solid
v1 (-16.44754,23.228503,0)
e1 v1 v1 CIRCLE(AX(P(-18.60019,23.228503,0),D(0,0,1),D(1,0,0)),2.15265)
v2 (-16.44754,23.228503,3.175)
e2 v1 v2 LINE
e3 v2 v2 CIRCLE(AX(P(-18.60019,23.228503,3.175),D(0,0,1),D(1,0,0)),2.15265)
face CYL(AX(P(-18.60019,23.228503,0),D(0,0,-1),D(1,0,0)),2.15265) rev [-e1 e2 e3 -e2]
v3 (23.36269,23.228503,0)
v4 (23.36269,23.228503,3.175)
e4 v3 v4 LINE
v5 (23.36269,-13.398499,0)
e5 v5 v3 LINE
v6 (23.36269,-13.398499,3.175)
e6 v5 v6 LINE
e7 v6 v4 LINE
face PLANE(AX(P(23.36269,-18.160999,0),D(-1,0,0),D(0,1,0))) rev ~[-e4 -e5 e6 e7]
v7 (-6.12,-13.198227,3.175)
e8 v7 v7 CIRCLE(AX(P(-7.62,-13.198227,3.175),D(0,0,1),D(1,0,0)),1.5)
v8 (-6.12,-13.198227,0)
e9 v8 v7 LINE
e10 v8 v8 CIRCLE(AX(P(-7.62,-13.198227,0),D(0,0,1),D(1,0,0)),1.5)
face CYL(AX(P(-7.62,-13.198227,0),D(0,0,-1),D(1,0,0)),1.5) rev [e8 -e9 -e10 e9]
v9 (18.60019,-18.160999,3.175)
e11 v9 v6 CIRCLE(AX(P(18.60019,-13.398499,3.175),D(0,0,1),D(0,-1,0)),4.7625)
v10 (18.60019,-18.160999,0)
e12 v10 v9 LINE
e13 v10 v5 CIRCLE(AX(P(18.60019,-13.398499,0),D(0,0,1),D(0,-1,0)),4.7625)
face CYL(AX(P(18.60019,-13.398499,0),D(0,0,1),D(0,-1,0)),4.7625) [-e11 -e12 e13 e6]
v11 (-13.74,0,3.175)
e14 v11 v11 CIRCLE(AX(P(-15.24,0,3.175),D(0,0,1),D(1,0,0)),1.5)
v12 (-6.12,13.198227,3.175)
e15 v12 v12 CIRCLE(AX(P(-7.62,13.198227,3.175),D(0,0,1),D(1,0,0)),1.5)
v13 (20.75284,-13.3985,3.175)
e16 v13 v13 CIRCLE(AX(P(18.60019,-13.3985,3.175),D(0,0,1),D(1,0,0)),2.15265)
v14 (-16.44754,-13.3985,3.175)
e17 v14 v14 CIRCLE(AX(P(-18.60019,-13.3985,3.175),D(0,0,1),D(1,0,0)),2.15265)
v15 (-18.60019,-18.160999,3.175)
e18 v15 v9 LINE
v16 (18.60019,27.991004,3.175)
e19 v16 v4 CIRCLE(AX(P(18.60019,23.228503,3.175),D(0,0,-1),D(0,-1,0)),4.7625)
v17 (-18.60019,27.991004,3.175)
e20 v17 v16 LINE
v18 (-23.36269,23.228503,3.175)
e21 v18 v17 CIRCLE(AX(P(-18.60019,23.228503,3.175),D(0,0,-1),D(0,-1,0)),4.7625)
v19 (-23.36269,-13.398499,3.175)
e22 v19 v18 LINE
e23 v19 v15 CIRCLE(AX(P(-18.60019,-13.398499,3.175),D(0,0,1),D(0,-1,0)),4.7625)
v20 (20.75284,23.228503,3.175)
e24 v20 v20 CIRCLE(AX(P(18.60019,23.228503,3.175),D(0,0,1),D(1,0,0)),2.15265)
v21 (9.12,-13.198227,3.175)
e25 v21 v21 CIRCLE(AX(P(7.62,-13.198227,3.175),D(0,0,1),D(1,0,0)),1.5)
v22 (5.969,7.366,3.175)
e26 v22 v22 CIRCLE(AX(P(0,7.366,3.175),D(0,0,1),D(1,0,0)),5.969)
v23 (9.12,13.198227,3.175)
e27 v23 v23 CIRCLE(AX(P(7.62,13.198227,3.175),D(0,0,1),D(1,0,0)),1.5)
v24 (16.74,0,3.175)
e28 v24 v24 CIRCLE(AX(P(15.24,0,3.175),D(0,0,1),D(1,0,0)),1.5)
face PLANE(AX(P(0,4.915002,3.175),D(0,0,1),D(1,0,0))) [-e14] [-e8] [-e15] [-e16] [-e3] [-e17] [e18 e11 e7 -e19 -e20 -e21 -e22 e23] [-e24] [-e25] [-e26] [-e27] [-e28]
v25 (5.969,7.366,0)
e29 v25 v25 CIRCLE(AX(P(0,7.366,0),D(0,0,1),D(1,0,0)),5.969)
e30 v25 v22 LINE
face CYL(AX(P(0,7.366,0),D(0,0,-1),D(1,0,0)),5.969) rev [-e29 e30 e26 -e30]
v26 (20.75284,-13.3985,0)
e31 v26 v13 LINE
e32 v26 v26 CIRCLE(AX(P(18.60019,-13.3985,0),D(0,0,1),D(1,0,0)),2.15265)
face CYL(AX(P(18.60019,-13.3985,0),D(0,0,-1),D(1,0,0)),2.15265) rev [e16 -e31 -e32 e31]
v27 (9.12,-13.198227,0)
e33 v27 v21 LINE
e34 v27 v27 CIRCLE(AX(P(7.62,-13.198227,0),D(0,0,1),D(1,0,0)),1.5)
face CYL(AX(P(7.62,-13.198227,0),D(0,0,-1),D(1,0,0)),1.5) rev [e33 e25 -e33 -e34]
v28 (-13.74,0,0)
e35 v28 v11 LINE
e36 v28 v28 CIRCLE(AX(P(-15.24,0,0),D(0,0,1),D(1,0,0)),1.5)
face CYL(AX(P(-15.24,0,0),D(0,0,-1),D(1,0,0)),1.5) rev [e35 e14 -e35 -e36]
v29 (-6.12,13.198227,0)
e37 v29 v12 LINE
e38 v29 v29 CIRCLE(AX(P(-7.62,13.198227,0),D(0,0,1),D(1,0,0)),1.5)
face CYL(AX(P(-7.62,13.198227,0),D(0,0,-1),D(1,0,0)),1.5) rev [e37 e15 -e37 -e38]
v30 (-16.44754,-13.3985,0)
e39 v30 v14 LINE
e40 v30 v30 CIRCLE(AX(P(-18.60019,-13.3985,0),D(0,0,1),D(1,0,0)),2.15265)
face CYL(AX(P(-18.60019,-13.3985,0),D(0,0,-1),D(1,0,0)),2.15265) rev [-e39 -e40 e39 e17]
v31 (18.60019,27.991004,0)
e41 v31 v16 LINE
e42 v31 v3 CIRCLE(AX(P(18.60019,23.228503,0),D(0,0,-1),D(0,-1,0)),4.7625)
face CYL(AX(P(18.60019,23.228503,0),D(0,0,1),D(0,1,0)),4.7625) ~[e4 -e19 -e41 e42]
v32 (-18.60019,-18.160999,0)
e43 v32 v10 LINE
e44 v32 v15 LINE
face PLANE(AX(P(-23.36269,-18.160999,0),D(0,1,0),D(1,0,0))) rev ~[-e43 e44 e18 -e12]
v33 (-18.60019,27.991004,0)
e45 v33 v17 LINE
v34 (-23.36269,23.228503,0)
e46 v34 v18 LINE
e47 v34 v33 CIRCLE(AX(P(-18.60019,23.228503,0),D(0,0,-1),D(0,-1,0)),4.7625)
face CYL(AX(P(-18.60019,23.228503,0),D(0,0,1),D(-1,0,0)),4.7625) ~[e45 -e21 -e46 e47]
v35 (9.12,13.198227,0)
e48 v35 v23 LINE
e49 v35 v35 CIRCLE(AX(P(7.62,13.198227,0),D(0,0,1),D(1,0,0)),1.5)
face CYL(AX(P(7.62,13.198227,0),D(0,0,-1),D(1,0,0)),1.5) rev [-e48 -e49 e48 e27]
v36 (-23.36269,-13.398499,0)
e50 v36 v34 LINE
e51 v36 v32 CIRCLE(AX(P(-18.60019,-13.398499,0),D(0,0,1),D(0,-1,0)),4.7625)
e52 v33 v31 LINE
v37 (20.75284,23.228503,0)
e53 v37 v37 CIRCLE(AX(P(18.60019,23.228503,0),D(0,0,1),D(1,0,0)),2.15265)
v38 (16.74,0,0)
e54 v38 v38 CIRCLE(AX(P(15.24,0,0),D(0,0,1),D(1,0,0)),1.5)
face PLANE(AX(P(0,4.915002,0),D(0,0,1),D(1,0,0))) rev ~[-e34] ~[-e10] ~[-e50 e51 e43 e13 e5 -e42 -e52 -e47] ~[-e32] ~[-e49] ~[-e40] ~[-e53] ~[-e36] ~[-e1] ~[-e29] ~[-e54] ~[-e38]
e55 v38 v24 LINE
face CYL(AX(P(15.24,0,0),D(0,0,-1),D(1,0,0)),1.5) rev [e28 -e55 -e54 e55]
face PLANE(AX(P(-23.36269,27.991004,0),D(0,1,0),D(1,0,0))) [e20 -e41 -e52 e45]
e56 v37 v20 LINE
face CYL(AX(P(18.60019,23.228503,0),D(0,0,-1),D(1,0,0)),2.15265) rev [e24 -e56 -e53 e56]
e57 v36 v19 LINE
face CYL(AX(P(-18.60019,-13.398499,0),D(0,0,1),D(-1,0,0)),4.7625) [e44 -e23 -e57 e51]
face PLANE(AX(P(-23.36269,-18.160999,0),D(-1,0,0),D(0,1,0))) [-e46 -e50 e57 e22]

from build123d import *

# Parameters (mm, degrees)
F0_W     = 46.72538
F0_H     = 46.152003
F0_R     = 2.15265
F0_R_2   = 1.5
F0_R_3   = 5.969
F1_DEPTH = 3.175
F2_R     = 4.7625


with BuildPart() as f1:
    # F0 (on Top) → F1 (new body)
    with BuildSketch(Plane.XY):
        with Locations((0, 4.915002)):
            Rectangle(F0_W, F0_H)
        with Locations((-18.60019, -13.3985)):
            Circle(F0_R, mode=Mode.SUBTRACT)
        with Locations((-7.62, -13.198227)):
            Circle(F0_R_2, mode=Mode.SUBTRACT)
        with Locations((-15.24, 0)):
            Circle(F0_R_2, mode=Mode.SUBTRACT)
        with Locations((7.62, -13.198227)):
            Circle(F0_R_2, mode=Mode.SUBTRACT)
        with Locations((18.60019, -13.3985)):
            Circle(F0_R, mode=Mode.SUBTRACT)
        with Locations((15.24, 0)):
            Circle(F0_R_2, mode=Mode.SUBTRACT)
        with Locations((0, 7.366)):
            Circle(F0_R_3, mode=Mode.SUBTRACT)
        with Locations((-7.62, 13.198227)):
            Circle(F0_R_2, mode=Mode.SUBTRACT)
        with Locations((-18.60019, 23.228503)):
            Circle(F0_R, mode=Mode.SUBTRACT)
        with Locations((7.62, 13.198227)):
            Circle(F0_R_2, mode=Mode.SUBTRACT)
        with Locations((18.60019, 23.228503)):
            Circle(F0_R, mode=Mode.SUBTRACT)
    extrude(amount=F1_DEPTH)

    # F2
    f2_edges = [f1.edges().sort_by_distance(p)[0] for p in [
        (-23.36269, -18.161, 1.5875),
        (23.36269, -18.161, 1.5875),
        (23.36269, 27.991003, 1.5875),
        (-23.36269, 27.991003, 1.5875),
    ]]
    fillet(f2_edges, radius=F2_R)


solid = f1.part
